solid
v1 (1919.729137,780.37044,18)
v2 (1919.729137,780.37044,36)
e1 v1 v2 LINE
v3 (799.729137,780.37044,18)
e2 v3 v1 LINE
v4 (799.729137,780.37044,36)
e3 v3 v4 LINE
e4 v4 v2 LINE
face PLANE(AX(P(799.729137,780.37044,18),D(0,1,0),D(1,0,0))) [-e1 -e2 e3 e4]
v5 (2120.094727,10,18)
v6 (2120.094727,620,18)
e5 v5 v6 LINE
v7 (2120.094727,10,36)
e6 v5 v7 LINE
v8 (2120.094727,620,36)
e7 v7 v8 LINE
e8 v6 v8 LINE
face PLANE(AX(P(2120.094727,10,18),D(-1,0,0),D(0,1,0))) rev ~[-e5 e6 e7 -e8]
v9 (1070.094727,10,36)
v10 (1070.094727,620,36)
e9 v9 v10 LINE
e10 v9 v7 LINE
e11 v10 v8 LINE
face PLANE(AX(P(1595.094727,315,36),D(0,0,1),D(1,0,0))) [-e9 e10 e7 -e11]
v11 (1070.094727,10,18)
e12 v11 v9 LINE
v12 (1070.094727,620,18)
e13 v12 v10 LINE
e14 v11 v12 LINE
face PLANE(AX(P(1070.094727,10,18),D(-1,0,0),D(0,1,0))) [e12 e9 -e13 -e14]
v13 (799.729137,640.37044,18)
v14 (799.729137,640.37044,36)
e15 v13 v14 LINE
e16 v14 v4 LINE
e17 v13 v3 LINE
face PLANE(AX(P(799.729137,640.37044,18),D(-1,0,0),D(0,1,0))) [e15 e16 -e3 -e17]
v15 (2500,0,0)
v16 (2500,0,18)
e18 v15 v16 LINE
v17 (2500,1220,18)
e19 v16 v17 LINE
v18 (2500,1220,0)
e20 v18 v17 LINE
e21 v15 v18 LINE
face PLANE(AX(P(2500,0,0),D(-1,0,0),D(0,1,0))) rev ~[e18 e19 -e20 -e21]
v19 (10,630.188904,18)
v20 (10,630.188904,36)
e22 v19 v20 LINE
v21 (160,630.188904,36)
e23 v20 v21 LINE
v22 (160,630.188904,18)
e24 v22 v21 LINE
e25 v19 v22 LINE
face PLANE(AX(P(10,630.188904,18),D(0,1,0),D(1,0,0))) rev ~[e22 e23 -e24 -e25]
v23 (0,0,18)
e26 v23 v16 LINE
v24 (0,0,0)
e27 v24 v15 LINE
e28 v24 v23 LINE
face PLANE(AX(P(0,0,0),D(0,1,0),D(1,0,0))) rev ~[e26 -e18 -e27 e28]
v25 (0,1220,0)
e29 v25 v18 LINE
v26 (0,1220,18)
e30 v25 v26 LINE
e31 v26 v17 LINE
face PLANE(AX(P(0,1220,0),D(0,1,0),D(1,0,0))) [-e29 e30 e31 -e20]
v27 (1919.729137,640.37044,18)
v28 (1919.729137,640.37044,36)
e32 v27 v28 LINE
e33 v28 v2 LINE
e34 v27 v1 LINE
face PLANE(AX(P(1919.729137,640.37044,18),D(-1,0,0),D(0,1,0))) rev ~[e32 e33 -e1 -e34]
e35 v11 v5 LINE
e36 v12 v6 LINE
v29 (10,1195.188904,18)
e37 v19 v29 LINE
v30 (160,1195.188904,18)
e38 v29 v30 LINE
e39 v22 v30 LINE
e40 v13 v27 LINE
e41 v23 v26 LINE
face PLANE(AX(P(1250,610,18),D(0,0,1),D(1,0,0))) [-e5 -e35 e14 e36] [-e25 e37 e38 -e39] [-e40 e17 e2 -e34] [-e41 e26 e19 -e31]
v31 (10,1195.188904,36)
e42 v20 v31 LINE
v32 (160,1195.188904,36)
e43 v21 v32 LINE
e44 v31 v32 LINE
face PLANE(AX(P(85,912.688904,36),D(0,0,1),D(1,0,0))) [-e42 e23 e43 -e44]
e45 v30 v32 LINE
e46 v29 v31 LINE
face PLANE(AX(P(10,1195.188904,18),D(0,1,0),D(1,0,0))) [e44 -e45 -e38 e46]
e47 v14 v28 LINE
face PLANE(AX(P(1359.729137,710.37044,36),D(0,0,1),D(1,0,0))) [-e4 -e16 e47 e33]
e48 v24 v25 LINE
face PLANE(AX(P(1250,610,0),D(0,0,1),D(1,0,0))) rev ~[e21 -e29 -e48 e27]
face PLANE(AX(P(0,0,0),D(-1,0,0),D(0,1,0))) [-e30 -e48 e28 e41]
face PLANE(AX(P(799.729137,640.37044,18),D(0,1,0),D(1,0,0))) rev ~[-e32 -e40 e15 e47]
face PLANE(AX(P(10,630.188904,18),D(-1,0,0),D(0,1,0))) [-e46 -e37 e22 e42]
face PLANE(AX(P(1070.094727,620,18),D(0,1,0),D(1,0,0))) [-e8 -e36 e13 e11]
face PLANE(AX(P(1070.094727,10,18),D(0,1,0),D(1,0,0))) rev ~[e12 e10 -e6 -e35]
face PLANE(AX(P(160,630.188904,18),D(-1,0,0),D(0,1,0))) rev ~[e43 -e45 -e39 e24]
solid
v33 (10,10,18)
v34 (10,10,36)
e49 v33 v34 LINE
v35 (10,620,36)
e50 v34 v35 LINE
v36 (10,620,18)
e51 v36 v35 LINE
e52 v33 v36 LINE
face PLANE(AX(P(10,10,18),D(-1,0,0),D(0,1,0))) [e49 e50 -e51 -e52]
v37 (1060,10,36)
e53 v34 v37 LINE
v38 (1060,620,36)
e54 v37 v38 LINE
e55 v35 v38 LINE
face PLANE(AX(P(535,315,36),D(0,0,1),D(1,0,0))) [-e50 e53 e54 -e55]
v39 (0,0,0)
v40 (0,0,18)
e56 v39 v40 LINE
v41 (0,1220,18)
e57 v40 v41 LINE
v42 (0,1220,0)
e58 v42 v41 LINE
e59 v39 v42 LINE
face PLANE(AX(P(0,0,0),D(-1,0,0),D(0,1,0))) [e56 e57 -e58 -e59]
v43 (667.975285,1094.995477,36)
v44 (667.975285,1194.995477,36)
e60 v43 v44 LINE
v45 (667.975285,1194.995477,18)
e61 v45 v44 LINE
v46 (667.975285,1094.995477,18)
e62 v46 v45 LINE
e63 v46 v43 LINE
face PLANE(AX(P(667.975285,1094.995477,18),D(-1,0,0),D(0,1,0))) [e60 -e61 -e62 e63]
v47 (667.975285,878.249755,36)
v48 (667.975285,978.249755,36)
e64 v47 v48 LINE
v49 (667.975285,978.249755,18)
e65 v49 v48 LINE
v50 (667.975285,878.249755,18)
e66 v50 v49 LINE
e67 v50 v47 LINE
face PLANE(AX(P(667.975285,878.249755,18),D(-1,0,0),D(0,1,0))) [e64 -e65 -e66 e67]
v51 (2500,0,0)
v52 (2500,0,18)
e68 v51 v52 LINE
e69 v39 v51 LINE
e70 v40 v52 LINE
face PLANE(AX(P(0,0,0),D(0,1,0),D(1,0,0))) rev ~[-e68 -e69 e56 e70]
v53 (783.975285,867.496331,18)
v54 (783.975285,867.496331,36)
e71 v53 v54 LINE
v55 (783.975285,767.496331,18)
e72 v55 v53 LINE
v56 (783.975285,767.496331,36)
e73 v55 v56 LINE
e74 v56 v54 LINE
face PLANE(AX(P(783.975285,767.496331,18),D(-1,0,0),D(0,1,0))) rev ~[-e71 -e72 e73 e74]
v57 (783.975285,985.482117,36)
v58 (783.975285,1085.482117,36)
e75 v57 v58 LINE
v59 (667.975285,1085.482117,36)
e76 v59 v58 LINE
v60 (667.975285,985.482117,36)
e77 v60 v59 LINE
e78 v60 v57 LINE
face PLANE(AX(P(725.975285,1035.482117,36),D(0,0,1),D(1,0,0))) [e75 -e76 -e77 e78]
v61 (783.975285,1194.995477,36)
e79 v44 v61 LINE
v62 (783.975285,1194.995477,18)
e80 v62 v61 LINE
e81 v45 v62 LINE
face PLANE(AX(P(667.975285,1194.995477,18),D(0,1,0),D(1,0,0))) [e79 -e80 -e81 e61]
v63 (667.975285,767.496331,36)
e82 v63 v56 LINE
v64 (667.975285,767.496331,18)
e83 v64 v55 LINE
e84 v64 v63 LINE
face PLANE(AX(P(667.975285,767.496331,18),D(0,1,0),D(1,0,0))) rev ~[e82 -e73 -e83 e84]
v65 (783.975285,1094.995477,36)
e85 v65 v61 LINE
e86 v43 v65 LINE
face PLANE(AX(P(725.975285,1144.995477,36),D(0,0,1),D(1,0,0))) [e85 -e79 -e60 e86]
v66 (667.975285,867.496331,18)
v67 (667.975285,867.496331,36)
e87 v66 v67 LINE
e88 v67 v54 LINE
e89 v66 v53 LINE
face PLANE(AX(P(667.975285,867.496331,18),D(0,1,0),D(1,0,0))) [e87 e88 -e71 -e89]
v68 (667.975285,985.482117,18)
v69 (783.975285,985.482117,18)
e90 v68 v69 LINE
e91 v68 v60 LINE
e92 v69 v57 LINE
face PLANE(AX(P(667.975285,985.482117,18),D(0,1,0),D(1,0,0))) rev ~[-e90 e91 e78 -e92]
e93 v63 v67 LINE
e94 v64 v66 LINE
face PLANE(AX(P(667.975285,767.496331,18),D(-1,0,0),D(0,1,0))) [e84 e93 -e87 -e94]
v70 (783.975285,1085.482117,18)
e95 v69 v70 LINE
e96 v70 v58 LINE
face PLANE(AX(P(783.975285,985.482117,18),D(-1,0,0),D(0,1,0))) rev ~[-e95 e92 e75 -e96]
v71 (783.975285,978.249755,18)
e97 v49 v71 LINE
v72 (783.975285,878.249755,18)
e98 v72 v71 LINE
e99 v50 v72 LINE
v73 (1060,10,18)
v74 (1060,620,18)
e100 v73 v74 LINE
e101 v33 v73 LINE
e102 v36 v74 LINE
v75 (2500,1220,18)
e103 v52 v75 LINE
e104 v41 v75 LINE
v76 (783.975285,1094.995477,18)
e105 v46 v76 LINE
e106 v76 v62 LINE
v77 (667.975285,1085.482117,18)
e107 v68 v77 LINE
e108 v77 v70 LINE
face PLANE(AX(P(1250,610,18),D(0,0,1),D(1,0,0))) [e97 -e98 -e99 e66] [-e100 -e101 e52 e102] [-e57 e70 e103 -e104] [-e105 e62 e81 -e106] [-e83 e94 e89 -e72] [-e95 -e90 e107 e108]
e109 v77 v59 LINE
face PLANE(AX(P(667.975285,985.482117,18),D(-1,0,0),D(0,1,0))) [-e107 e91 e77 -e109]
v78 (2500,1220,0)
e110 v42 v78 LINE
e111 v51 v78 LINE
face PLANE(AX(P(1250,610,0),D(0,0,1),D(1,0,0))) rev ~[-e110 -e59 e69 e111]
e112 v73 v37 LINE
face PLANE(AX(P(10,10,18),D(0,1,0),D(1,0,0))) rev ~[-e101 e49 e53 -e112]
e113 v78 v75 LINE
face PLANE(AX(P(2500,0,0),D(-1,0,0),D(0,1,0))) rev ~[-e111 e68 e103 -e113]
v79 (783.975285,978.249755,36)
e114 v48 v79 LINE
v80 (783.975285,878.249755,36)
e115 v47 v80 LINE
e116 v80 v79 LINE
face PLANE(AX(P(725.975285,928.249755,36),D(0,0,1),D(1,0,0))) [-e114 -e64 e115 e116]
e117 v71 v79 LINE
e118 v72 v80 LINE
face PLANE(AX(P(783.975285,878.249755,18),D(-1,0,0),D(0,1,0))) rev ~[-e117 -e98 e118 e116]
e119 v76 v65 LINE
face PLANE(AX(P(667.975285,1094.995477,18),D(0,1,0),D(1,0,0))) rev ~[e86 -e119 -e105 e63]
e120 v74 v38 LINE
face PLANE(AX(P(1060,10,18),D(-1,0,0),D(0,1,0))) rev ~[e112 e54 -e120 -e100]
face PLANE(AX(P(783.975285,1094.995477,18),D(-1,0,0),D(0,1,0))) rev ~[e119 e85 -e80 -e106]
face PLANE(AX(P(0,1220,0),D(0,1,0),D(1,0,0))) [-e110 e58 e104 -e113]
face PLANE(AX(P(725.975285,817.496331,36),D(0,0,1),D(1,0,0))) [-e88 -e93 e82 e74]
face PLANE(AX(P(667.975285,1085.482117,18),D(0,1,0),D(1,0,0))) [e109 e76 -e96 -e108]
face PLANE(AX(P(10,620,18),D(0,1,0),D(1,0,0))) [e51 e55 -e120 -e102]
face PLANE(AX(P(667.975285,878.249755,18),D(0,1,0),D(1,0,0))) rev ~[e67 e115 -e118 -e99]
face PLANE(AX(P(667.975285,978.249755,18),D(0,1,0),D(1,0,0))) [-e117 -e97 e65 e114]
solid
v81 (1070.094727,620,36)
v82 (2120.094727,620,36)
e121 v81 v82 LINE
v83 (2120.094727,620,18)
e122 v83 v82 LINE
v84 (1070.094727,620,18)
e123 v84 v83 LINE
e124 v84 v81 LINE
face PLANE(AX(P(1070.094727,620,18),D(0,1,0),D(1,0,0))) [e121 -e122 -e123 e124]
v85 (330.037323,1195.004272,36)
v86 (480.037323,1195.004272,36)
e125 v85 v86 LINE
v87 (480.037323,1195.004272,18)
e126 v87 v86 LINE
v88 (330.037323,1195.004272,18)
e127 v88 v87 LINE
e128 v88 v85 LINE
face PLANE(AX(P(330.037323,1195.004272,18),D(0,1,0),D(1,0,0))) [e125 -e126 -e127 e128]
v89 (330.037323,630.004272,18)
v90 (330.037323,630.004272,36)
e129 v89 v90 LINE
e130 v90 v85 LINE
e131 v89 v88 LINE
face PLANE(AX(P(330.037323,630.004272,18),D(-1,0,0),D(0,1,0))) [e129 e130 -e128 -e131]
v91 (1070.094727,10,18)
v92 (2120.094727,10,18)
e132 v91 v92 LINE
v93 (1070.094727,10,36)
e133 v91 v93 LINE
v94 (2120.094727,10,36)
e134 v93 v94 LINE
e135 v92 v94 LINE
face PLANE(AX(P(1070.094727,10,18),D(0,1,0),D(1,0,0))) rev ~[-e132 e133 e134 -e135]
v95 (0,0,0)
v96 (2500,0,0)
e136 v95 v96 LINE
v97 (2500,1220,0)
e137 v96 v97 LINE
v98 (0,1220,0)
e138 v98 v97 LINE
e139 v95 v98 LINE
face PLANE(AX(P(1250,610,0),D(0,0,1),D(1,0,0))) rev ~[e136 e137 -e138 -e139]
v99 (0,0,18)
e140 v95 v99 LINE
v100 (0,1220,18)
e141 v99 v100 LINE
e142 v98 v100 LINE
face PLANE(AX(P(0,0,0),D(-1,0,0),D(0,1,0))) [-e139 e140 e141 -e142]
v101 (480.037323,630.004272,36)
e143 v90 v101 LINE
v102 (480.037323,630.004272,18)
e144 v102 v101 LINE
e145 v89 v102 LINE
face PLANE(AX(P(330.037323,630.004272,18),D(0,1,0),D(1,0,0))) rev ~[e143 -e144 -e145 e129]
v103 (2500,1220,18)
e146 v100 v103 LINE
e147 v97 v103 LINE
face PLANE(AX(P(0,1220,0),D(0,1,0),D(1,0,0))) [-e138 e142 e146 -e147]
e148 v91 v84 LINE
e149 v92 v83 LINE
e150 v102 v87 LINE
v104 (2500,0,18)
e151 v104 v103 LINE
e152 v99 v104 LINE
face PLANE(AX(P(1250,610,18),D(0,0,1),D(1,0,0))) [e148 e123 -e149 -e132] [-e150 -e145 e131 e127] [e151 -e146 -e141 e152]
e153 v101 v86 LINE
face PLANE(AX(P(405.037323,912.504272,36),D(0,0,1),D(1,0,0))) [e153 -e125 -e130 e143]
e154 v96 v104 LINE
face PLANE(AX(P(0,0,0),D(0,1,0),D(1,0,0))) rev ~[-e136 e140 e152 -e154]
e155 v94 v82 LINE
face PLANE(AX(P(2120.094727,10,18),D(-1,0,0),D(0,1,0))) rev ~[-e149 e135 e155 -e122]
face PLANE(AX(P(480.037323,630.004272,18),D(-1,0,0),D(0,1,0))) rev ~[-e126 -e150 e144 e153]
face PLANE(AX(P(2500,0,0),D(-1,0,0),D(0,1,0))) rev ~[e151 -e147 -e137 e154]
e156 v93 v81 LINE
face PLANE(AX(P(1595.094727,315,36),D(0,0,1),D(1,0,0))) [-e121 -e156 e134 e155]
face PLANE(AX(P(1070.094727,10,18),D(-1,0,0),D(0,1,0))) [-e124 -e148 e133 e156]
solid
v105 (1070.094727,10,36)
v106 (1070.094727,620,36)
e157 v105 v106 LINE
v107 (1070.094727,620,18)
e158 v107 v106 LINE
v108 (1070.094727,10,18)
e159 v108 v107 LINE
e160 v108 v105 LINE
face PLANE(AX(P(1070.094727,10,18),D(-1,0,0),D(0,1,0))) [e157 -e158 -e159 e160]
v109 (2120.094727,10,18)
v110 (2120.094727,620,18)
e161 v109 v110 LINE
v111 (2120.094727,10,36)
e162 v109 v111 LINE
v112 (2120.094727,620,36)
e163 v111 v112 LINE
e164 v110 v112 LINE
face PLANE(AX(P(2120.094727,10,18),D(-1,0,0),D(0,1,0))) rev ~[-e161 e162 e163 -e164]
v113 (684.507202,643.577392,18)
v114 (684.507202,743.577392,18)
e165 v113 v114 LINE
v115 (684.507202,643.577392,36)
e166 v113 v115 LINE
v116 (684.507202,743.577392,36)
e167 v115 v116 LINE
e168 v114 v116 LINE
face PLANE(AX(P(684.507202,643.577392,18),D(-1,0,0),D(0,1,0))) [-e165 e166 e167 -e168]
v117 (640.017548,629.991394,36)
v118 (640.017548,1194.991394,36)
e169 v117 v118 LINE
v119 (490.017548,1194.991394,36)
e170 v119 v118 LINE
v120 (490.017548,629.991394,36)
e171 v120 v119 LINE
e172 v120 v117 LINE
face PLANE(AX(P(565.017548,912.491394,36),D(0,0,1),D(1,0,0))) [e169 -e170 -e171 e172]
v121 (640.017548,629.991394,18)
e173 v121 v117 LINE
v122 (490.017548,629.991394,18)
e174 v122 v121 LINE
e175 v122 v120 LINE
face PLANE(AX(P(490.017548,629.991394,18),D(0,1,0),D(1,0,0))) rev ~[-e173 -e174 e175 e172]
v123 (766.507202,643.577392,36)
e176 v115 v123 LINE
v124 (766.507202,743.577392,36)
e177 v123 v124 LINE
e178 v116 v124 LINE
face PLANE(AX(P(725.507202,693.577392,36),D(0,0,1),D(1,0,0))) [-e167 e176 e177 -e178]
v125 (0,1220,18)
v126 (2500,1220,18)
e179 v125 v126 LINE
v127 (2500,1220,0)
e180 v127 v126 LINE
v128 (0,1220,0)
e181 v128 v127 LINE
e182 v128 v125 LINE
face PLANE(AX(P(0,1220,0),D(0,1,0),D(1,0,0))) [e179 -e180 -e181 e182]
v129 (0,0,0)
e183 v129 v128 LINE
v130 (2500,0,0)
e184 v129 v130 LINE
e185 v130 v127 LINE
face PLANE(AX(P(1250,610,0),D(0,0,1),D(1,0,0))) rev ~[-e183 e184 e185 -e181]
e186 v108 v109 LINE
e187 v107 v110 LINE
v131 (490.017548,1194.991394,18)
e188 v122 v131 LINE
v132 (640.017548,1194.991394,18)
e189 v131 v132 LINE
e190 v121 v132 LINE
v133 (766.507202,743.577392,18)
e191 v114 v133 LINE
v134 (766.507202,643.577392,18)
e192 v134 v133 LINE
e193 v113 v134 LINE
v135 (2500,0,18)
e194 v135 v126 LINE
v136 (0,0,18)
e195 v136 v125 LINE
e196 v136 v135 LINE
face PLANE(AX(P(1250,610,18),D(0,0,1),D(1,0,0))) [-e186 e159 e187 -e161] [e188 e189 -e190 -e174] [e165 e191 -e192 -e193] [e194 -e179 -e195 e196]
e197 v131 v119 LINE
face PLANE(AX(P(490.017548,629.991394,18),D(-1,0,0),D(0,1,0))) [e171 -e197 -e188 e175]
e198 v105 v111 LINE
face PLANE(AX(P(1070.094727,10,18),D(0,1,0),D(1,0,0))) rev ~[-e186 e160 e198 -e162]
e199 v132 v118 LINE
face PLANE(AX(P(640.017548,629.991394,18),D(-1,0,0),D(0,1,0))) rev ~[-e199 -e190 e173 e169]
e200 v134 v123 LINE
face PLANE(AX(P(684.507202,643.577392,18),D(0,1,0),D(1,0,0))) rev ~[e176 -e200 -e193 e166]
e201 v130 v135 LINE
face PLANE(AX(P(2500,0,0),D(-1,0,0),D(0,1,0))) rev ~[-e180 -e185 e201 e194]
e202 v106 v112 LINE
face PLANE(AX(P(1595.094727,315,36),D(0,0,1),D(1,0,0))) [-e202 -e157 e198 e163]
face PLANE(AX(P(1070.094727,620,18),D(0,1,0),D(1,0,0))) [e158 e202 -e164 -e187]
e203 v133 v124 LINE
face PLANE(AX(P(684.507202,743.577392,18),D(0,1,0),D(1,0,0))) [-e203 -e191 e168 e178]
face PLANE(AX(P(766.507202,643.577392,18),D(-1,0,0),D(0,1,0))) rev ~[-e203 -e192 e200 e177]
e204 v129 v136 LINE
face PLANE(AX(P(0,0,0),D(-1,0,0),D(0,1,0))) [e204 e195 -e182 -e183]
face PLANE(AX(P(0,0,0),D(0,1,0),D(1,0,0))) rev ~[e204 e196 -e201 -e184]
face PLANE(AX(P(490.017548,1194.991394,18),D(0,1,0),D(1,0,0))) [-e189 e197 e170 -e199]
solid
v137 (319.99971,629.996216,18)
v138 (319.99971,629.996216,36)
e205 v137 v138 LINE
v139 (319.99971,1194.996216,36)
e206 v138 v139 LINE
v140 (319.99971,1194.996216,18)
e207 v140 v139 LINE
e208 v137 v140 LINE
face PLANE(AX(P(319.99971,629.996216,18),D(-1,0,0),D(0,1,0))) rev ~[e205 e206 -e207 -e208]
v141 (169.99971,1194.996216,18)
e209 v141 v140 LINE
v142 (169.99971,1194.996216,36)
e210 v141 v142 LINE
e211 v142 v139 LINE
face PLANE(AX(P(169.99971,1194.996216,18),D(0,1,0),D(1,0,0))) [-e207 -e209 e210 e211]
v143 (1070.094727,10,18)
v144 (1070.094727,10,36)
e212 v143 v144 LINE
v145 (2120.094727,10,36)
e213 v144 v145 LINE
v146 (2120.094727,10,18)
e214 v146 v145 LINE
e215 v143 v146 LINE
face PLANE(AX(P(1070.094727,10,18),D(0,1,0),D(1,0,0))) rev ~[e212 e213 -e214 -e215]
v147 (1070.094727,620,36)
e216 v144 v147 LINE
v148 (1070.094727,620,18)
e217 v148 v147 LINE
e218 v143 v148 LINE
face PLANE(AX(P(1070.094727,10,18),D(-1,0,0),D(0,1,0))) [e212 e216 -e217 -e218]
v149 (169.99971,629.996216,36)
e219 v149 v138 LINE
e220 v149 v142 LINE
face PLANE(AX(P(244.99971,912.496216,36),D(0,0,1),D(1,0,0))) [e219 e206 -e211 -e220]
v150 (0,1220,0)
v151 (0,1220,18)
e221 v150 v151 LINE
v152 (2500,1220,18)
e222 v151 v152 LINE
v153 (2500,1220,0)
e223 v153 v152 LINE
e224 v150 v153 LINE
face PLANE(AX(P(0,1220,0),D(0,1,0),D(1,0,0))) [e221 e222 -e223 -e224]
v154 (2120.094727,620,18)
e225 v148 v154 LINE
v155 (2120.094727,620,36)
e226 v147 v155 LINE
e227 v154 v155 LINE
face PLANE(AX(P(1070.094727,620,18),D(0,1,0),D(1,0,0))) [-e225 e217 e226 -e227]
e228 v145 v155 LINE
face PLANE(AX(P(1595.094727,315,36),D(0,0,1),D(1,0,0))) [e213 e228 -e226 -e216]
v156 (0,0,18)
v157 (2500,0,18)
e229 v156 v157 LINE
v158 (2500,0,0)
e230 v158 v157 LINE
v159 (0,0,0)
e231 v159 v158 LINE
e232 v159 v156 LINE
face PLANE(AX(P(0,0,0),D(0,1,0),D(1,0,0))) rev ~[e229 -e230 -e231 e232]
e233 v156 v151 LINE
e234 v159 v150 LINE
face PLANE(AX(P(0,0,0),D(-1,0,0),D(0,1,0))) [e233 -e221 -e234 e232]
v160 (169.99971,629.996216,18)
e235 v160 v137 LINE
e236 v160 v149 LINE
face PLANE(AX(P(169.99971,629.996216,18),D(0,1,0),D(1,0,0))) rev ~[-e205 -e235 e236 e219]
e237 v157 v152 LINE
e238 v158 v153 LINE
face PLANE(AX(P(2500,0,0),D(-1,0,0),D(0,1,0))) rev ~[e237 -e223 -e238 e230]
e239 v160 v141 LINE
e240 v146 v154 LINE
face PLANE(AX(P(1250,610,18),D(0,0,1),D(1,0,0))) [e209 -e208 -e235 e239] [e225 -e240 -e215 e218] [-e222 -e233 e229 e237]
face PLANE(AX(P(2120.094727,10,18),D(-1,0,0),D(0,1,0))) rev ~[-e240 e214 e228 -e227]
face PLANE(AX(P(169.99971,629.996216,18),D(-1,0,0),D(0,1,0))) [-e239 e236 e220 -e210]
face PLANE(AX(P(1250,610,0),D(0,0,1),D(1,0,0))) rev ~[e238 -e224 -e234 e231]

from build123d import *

# Parameters (mm, degrees)
BOX_W        = 2500
BOX_H        = 1220
BOX_DEPTH    = 18
SKETCH002_W  = 1050
SKETCH002_H  = 610
PAD_DEPTH    = 18
SKETCH005_W  = 150
SKETCH005_H  = 565
PAD004_DEPTH = 18
SKETCH004_W  = 150
SKETCH004_H  = 565
PAD005_DEPTH = 18
SKETCH_W     = 1050
SKETCH_H     = 610
PAD001_DEPTH = 18
SKETCH007_W  = 116
SKETCH007_H  = 100
PAD006_DEPTH = 18
SKETCH003_W  = 150
SKETCH003_H  = 565
PAD002_DEPTH = 18
SKETCH009_W  = 1120
SKETCH009_H  = 140
PAD007_DEPTH = 18
SKETCH006_W  = 150
SKETCH006_H  = 565
PAD003_DEPTH = 18
SKETCH010_W  = 82
SKETCH010_H  = 100
PAD008_DEPTH = 18


with BuildPart() as plaat_18mm_153x310:
    # Box → Box (new body)
    with BuildSketch(Plane.XY):
        with Locations((1250, 610)):
            Rectangle(BOX_W, BOX_H)
    extrude(amount=BOX_DEPTH)


with BuildPart() as pad:
    # Pad base: copy of Plaat 18mm (153x310)
    add(plaat_18mm_153x310.part)

    # Sketch002 → Pad (new body)
    with BuildSketch(Plane.XY.offset(18)):
        with Locations((1595.094727, 315)):
            Rectangle(SKETCH002_W, SKETCH002_H)
    extrude(amount=PAD_DEPTH)


with BuildPart() as pad004:
    # Pad004 base: copy of Pad
    add(pad.part)

    # Sketch005 → Pad004 (new body)
    with BuildSketch(Plane.XY.offset(18)):
        with Locations((405.037323, 912.504272)):
            Rectangle(SKETCH005_W, SKETCH005_H)
    extrude(amount=PAD004_DEPTH)


with BuildPart() as pad005:
    # Pad005 base: copy of Pad
    add(pad.part)

    # Sketch004 → Pad005 (new body)
    with BuildSketch(Plane.XY.offset(18)):
        with Locations((244.99971, 912.496216)):
            Rectangle(SKETCH004_W, SKETCH004_H)
    extrude(amount=PAD005_DEPTH)


with BuildPart() as pad006:
    # Pad001 base: copy of Plaat 18mm (153x310)
    add(plaat_18mm_153x310.part)

    # Sketch → Pad001 (new body)
    with BuildSketch(Plane.XY.offset(18)):
        with Locations((535, 315)):
            Rectangle(SKETCH_W, SKETCH_H)
    extrude(amount=PAD001_DEPTH)

    # Sketch007 → Pad006 (new body)
    with BuildSketch(Plane.XY.offset(18)):
        with Locations((725.975285, 1144.995477)):
            Rectangle(SKETCH007_W, SKETCH007_H)
        with Locations((725.975285, 1035.482117)):
            Rectangle(SKETCH007_W, SKETCH007_H)
        with Locations((725.975285, 817.496331)):
            Rectangle(SKETCH007_W, SKETCH007_H)
        with Locations((725.975285, 928.249755)):
            Rectangle(SKETCH007_W, SKETCH007_H)
    extrude(amount=PAD006_DEPTH)


with BuildPart() as pad007:
    # Pad002 base: copy of Pad
    add(pad.part)

    # Sketch003 → Pad002 (new body)
    with BuildSketch(Plane.XY.offset(18)):
        with Locations((85, 912.688904)):
            Rectangle(SKETCH003_W, SKETCH003_H)
    extrude(amount=PAD002_DEPTH)

    # Sketch009 → Pad007 (new body)
    with BuildSketch(Plane.XY.offset(18)):
        with Locations((1359.729137, 710.37044)):
            Rectangle(SKETCH009_W, SKETCH009_H)
    extrude(amount=PAD007_DEPTH)


with BuildPart() as pad008:
    # Pad003 base: copy of Pad
    add(pad.part)

    # Sketch006 → Pad003 (new body)
    with BuildSketch(Plane.XY.offset(18)):
        with Locations((565.017548, 912.491394)):
            Rectangle(SKETCH006_W, SKETCH006_H)
    extrude(amount=PAD003_DEPTH)

    # Sketch010 → Pad008 (new body)
    with BuildSketch(Plane.XY.offset(18)):
        with Locations((725.507202, 693.577392)):
            Rectangle(SKETCH010_W, SKETCH010_H)
    extrude(amount=PAD008_DEPTH)


solid = Compound([pad004.part, pad005.part, pad006.part, pad007.part, pad008.part])
